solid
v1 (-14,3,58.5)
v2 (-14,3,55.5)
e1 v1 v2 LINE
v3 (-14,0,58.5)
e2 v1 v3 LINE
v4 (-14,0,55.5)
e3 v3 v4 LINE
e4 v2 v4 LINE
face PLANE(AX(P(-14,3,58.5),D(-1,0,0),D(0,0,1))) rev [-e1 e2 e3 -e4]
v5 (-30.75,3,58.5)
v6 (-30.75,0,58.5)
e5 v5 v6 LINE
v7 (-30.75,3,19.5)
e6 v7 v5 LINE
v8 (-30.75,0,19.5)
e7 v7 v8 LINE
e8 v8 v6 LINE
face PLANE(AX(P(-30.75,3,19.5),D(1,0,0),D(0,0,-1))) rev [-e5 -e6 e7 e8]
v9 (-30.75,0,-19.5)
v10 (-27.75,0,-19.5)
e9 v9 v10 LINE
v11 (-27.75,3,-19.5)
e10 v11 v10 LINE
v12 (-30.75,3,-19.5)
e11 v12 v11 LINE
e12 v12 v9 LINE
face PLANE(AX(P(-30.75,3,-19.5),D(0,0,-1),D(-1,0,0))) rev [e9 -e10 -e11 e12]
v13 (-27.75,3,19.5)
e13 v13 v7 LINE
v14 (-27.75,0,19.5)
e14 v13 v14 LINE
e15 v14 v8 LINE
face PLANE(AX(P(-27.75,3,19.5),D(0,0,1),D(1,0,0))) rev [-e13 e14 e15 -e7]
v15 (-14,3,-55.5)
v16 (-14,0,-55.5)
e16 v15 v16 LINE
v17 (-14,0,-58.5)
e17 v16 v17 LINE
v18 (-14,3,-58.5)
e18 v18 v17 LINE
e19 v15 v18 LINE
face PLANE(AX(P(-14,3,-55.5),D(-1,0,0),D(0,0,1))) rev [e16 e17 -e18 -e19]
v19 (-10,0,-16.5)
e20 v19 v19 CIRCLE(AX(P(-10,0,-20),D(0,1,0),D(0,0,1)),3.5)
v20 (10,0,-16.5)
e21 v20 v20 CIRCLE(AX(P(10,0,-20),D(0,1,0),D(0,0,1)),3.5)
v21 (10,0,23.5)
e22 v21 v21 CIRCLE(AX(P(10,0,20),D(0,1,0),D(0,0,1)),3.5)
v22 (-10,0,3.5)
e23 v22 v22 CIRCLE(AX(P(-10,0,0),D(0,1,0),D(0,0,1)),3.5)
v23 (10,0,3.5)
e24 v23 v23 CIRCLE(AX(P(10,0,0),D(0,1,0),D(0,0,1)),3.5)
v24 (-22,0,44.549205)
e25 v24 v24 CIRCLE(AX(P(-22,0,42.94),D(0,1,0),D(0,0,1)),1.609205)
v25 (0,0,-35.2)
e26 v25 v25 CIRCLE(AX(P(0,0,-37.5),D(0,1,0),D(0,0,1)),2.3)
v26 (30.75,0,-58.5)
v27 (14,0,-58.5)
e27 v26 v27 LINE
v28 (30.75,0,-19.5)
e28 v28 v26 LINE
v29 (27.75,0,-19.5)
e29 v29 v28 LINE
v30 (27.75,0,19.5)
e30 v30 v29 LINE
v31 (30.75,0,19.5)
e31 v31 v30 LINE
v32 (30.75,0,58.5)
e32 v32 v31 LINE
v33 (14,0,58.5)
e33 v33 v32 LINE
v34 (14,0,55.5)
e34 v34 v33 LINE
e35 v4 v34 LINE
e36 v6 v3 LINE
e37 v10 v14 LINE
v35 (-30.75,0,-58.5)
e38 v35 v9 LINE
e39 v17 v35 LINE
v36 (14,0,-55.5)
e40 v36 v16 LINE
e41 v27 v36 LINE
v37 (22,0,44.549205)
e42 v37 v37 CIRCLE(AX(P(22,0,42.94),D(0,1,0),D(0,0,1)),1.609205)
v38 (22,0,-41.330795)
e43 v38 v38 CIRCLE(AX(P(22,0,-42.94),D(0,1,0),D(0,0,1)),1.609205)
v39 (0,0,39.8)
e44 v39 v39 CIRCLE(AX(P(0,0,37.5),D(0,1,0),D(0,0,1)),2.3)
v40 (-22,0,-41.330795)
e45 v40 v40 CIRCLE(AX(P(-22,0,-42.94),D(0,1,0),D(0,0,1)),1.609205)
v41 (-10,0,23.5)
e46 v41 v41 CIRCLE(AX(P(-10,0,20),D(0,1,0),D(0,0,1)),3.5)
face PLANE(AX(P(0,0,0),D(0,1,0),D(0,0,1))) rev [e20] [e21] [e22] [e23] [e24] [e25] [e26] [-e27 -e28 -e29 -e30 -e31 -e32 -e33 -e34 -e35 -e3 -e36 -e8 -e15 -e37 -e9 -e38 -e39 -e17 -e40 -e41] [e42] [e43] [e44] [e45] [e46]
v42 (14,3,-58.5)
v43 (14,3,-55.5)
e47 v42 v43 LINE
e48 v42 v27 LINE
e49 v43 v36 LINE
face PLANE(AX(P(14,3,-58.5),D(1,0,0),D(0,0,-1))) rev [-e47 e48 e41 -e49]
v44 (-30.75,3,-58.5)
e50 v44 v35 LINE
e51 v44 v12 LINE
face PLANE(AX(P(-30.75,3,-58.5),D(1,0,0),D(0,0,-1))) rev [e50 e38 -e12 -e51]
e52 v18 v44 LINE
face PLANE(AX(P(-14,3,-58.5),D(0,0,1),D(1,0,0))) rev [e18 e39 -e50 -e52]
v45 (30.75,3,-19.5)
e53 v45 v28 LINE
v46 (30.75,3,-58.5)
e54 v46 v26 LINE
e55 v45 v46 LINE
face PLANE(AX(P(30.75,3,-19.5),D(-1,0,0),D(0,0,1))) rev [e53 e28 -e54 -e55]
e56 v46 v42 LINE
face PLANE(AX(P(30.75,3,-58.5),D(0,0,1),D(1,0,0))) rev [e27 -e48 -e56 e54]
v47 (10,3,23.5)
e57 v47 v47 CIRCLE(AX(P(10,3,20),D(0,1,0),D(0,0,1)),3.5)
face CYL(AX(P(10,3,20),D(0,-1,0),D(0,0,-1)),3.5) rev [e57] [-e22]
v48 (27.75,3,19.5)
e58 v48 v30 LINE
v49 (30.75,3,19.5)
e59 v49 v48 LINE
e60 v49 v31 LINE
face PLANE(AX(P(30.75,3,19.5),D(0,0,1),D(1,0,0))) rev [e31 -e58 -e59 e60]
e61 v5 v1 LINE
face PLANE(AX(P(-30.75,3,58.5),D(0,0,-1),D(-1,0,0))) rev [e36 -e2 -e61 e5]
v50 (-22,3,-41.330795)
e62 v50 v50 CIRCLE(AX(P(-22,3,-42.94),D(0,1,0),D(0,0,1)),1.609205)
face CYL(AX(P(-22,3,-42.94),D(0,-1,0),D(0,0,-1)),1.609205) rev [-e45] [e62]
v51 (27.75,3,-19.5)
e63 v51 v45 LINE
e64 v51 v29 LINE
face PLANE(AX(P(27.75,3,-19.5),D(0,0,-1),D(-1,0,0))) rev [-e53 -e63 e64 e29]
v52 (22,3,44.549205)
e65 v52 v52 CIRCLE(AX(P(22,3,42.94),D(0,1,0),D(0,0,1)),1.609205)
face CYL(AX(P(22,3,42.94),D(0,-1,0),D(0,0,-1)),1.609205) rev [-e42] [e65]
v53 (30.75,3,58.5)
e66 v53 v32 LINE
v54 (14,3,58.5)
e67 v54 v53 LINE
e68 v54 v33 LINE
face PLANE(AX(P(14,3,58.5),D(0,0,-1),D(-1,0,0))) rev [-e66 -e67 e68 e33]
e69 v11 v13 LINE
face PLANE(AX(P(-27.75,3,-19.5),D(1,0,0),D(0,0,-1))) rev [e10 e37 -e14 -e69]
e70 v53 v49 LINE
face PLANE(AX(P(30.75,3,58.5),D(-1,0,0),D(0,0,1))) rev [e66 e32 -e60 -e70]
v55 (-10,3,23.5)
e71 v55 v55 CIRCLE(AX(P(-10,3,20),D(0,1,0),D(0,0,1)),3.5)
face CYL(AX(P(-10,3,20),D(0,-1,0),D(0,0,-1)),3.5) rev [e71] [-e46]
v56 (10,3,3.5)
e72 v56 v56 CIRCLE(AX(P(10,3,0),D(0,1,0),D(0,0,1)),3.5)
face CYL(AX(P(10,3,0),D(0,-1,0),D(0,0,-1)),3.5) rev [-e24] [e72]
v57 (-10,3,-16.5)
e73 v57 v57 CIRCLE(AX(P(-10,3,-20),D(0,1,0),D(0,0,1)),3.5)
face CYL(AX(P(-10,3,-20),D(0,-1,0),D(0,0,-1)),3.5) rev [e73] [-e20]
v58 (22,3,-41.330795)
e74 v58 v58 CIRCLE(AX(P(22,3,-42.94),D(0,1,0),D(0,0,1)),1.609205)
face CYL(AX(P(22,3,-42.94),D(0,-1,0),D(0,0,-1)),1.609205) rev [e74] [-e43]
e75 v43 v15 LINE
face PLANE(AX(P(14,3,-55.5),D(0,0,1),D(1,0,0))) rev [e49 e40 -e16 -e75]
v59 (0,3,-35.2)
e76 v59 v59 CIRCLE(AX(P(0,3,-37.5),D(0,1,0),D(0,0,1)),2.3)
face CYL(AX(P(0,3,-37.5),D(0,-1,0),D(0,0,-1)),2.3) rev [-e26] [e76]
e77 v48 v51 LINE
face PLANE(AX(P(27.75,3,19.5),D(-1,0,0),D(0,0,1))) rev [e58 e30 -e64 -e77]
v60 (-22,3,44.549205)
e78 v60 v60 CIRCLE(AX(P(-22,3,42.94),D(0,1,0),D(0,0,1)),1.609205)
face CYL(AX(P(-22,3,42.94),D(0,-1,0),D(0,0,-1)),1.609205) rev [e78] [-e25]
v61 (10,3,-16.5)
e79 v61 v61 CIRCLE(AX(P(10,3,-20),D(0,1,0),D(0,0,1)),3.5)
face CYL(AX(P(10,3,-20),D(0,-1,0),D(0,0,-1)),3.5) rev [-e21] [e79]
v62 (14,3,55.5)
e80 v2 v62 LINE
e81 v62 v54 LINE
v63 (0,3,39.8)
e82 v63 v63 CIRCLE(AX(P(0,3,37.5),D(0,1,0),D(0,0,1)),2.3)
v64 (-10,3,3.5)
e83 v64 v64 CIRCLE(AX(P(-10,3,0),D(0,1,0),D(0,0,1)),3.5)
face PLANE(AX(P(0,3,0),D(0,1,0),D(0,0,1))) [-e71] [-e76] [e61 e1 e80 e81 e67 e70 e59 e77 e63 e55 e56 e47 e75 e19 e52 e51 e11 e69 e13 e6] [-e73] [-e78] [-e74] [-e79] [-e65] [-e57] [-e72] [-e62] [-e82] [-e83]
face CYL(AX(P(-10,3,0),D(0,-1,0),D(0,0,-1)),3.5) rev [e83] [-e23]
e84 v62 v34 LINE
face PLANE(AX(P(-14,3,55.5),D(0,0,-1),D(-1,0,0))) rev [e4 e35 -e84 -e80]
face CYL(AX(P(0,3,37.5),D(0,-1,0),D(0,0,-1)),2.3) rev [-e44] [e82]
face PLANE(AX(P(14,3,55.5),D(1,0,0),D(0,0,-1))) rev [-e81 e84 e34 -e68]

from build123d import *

# Parameters (mm, degrees)
SKETCH1_R           = 1.609204822
SKETCH1_R_2         = 2.3
SKETCH1_R_3         = 3.5
BOSS_EXTRUDE1_DEPTH = 3


with BuildPart() as part:
    # Sketch1 → Boss-Extrude1 (new body)
    with BuildSketch(Plane(origin=(0, 0, 0), x_dir=(1, 0, 0), z_dir=(0, 1, 0))):
        Polygon((-30.75, 58.5), (-30.75, 19.5), (-27.75, 19.5), (-27.75, -19.5), (-30.75, -19.5), (-30.75, -58.5), (-14, -58.5), (-14, -55.5), (14, -55.5), (14, -58.5), (30.75, -58.5), (30.75, -19.5), (27.75, -19.5), (27.75, 19.5), (30.75, 19.5), (30.75, 58.5), (14, 58.5), (14, 55.5), (-14, 55.5), (-14, 58.5), align=None)
        with Locations(Location((-22, -42.94, 0), (0, 0, 270))):
            Circle(SKETCH1_R, mode=Mode.SUBTRACT)
        with Locations(Location((22, -42.94, 0), (0, 0, 270))):
            Circle(SKETCH1_R, mode=Mode.SUBTRACT)
        with Locations(Location((22, 42.94, 0), (0, 0, 270))):
            Circle(SKETCH1_R, mode=Mode.SUBTRACT)
        with Locations(Location((-22, 42.94, 0), (0, 0, 270))):
            Circle(SKETCH1_R, mode=Mode.SUBTRACT)
        with Locations(Location((0, 37.5, 0), (0, 0, 270))):
            Circle(SKETCH1_R_2, mode=Mode.SUBTRACT)
        with Locations(Location((0, -37.5, 0), (0, 0, 270))):
            Circle(SKETCH1_R_2, mode=Mode.SUBTRACT)
        with Locations(Location((-10, -20, 0), (0, 0, 270))):
            Circle(SKETCH1_R_3, mode=Mode.SUBTRACT)
        with Locations(Location((10, -20, 0), (0, 0, 270))):
            Circle(SKETCH1_R_3, mode=Mode.SUBTRACT)
        with Locations(Location((-10, 0, 0), (0, 0, 270))):
            Circle(SKETCH1_R_3, mode=Mode.SUBTRACT)
        with Locations(Location((10, 0, 0), (0, 0, 270))):
            Circle(SKETCH1_R_3, mode=Mode.SUBTRACT)
        with Locations(Location((-10, 20, 0), (0, 0, 270))):
            Circle(SKETCH1_R_3, mode=Mode.SUBTRACT)
        with Locations(Location((10, 20, 0), (0, 0, 270))):
            Circle(SKETCH1_R_3, mode=Mode.SUBTRACT)
    extrude(amount=BOSS_EXTRUDE1_DEPTH)


solid = part.part
